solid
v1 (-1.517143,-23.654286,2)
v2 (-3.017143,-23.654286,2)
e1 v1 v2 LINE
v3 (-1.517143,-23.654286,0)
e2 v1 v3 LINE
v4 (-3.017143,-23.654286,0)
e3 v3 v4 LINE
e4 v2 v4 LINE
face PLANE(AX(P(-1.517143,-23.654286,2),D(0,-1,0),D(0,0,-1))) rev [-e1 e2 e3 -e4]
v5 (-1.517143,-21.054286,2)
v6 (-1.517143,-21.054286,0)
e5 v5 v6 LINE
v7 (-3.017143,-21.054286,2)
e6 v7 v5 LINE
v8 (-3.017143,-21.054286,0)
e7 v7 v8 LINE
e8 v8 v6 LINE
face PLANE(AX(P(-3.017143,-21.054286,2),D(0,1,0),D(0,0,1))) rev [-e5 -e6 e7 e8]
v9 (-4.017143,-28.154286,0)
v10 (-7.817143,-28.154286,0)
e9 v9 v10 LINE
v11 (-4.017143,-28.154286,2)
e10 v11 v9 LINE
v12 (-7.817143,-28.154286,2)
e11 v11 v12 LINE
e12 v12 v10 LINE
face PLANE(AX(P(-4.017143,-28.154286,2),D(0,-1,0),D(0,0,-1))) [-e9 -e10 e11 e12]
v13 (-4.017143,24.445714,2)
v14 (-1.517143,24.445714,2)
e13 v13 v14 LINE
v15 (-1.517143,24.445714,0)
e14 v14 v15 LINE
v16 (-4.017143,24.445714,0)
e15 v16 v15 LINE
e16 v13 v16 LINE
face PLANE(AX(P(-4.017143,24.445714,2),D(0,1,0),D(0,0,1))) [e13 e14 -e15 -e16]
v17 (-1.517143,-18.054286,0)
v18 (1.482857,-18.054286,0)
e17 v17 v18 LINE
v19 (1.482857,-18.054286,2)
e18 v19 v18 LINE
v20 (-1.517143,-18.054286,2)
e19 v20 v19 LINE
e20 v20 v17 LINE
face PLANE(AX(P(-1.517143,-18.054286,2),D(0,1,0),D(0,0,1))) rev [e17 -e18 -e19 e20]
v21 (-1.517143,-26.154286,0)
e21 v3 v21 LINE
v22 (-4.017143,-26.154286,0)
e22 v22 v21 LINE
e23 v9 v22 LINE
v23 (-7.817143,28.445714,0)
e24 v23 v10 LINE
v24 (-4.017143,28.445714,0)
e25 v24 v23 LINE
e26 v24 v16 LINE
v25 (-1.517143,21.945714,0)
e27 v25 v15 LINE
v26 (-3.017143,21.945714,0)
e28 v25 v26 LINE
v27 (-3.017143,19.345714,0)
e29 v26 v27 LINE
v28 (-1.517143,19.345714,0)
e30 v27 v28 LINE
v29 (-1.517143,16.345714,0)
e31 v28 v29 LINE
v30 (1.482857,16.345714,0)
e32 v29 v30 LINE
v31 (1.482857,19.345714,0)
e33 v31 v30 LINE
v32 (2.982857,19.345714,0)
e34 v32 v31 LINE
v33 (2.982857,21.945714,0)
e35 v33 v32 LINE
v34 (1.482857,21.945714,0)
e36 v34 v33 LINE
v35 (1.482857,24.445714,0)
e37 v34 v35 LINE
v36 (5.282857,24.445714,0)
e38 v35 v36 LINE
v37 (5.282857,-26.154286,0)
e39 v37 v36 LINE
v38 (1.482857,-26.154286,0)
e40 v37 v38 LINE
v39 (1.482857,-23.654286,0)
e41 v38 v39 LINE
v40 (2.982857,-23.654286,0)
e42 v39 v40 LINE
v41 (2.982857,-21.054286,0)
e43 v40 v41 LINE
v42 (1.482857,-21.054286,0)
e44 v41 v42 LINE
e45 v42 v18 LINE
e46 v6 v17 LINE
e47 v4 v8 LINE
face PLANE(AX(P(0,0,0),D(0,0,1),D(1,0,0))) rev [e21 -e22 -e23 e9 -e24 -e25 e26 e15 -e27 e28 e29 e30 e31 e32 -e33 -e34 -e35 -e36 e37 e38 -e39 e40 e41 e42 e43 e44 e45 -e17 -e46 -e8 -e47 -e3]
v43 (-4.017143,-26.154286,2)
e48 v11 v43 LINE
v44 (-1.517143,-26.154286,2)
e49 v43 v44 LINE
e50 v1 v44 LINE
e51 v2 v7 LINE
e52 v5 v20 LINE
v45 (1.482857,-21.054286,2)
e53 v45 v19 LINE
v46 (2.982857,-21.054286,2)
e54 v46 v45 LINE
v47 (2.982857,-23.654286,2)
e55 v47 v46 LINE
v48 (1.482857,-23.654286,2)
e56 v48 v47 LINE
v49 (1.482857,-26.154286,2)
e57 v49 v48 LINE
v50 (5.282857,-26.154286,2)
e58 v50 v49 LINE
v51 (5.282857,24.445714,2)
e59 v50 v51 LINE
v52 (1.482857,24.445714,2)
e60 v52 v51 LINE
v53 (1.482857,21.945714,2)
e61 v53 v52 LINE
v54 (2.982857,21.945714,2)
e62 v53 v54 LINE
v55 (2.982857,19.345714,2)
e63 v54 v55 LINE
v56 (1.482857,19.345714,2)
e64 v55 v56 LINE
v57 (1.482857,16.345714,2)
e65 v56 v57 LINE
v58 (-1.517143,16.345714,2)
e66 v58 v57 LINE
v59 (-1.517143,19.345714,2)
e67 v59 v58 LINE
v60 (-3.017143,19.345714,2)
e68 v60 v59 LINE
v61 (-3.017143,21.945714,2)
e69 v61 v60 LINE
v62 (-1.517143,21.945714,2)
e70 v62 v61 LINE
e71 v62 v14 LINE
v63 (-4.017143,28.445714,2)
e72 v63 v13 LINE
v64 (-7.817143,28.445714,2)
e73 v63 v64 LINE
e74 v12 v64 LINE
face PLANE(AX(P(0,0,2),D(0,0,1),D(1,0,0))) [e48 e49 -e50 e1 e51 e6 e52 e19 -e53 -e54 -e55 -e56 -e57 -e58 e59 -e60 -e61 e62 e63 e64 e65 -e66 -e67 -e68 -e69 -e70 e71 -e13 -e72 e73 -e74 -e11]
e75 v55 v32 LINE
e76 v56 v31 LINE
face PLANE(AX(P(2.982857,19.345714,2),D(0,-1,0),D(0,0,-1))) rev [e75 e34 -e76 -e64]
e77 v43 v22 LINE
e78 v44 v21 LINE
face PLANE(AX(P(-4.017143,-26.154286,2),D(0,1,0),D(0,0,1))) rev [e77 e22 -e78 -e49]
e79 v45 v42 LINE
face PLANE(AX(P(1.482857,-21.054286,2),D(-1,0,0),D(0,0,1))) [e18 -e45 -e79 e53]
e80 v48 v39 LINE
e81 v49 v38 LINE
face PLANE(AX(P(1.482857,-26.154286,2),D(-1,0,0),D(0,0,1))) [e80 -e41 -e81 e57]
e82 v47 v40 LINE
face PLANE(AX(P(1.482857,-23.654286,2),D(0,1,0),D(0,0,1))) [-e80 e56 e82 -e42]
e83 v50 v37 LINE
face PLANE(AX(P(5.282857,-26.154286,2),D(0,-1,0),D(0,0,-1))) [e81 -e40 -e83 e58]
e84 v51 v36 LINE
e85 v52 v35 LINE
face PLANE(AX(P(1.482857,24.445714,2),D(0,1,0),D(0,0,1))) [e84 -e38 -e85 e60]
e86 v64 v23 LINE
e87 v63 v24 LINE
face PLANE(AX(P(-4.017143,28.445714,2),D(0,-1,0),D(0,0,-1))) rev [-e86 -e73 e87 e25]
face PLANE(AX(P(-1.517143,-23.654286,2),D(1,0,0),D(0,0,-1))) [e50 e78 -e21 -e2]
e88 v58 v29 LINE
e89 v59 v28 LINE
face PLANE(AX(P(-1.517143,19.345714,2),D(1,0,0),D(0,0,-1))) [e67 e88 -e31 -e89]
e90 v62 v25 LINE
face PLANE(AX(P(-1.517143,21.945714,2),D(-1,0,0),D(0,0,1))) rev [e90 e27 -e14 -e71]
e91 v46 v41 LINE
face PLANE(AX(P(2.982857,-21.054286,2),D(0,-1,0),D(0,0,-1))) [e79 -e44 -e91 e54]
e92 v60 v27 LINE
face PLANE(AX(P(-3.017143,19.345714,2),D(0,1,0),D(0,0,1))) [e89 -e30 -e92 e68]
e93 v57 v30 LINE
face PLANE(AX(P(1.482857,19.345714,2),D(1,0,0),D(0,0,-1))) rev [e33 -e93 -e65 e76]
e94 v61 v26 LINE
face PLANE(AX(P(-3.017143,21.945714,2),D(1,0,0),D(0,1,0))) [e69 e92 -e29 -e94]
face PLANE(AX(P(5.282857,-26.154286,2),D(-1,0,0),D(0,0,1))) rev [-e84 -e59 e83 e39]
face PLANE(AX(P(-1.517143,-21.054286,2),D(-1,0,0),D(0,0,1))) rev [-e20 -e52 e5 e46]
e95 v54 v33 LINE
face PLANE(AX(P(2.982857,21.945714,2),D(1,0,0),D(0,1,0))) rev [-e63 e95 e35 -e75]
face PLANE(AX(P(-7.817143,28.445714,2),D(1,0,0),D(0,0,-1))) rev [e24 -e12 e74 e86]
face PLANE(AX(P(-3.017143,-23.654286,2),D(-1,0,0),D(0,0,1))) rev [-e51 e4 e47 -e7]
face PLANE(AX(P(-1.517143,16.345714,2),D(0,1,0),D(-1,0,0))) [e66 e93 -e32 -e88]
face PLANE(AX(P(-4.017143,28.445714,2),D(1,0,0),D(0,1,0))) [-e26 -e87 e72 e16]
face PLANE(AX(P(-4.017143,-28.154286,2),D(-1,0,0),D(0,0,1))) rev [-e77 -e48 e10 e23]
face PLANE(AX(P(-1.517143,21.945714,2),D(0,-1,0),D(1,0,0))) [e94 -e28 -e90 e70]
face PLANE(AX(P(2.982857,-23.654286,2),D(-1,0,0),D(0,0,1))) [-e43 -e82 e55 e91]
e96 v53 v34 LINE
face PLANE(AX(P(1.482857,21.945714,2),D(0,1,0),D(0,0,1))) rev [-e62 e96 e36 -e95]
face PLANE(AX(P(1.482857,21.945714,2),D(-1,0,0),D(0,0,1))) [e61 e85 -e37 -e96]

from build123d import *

# Parameters (mm, degrees)
EXTRUDE_1_DEPTH = 2


with BuildPart() as part:
    # 草图1 → 凸台-拉伸1 (new body)
    with BuildSketch(Plane.XY):
        Polygon((-4.017142857, 28.445714286), (-7.817142857, 28.445714286), (-7.817142857, 24.445714286), (-7.817142857, -26.154285714), (-7.817142857, -28.154285714), (-4.017142857, -28.154285714), (-4.017142857, -26.154285714), (-1.517142857, -26.154285714), (-1.517142857, -23.654285714), (-3.017142857, -23.654285714), (-3.017142857, -21.054285714), (-1.517142857, -21.054285714), (-1.517142857, -18.054285714), (1.482857143, -18.054285714), (1.482857143, -21.054285714), (2.982857143, -21.054285714), (2.982857143, -23.654285714), (1.482857143, -23.654285714), (1.482857143, -26.154285714), (5.282857143, -26.154285714), (5.282857143, 24.445714286), (1.482857143, 24.445714286), (1.482857143, 21.945714286), (2.982857143, 21.945714286), (2.982857143, 19.345714286), (1.482857143, 19.345714286), (1.482857143, 16.345714286), (-1.517142857, 16.345714286), (-1.517142857, 19.345714286), (-3.017142857, 19.345714286), (-3.017142857, 21.945714286), (-1.517142857, 21.945714286), (-1.517142857, 24.445714286), (-4.017142857, 24.445714286), align=None)
    extrude(amount=EXTRUDE_1_DEPTH)


solid = part.part
